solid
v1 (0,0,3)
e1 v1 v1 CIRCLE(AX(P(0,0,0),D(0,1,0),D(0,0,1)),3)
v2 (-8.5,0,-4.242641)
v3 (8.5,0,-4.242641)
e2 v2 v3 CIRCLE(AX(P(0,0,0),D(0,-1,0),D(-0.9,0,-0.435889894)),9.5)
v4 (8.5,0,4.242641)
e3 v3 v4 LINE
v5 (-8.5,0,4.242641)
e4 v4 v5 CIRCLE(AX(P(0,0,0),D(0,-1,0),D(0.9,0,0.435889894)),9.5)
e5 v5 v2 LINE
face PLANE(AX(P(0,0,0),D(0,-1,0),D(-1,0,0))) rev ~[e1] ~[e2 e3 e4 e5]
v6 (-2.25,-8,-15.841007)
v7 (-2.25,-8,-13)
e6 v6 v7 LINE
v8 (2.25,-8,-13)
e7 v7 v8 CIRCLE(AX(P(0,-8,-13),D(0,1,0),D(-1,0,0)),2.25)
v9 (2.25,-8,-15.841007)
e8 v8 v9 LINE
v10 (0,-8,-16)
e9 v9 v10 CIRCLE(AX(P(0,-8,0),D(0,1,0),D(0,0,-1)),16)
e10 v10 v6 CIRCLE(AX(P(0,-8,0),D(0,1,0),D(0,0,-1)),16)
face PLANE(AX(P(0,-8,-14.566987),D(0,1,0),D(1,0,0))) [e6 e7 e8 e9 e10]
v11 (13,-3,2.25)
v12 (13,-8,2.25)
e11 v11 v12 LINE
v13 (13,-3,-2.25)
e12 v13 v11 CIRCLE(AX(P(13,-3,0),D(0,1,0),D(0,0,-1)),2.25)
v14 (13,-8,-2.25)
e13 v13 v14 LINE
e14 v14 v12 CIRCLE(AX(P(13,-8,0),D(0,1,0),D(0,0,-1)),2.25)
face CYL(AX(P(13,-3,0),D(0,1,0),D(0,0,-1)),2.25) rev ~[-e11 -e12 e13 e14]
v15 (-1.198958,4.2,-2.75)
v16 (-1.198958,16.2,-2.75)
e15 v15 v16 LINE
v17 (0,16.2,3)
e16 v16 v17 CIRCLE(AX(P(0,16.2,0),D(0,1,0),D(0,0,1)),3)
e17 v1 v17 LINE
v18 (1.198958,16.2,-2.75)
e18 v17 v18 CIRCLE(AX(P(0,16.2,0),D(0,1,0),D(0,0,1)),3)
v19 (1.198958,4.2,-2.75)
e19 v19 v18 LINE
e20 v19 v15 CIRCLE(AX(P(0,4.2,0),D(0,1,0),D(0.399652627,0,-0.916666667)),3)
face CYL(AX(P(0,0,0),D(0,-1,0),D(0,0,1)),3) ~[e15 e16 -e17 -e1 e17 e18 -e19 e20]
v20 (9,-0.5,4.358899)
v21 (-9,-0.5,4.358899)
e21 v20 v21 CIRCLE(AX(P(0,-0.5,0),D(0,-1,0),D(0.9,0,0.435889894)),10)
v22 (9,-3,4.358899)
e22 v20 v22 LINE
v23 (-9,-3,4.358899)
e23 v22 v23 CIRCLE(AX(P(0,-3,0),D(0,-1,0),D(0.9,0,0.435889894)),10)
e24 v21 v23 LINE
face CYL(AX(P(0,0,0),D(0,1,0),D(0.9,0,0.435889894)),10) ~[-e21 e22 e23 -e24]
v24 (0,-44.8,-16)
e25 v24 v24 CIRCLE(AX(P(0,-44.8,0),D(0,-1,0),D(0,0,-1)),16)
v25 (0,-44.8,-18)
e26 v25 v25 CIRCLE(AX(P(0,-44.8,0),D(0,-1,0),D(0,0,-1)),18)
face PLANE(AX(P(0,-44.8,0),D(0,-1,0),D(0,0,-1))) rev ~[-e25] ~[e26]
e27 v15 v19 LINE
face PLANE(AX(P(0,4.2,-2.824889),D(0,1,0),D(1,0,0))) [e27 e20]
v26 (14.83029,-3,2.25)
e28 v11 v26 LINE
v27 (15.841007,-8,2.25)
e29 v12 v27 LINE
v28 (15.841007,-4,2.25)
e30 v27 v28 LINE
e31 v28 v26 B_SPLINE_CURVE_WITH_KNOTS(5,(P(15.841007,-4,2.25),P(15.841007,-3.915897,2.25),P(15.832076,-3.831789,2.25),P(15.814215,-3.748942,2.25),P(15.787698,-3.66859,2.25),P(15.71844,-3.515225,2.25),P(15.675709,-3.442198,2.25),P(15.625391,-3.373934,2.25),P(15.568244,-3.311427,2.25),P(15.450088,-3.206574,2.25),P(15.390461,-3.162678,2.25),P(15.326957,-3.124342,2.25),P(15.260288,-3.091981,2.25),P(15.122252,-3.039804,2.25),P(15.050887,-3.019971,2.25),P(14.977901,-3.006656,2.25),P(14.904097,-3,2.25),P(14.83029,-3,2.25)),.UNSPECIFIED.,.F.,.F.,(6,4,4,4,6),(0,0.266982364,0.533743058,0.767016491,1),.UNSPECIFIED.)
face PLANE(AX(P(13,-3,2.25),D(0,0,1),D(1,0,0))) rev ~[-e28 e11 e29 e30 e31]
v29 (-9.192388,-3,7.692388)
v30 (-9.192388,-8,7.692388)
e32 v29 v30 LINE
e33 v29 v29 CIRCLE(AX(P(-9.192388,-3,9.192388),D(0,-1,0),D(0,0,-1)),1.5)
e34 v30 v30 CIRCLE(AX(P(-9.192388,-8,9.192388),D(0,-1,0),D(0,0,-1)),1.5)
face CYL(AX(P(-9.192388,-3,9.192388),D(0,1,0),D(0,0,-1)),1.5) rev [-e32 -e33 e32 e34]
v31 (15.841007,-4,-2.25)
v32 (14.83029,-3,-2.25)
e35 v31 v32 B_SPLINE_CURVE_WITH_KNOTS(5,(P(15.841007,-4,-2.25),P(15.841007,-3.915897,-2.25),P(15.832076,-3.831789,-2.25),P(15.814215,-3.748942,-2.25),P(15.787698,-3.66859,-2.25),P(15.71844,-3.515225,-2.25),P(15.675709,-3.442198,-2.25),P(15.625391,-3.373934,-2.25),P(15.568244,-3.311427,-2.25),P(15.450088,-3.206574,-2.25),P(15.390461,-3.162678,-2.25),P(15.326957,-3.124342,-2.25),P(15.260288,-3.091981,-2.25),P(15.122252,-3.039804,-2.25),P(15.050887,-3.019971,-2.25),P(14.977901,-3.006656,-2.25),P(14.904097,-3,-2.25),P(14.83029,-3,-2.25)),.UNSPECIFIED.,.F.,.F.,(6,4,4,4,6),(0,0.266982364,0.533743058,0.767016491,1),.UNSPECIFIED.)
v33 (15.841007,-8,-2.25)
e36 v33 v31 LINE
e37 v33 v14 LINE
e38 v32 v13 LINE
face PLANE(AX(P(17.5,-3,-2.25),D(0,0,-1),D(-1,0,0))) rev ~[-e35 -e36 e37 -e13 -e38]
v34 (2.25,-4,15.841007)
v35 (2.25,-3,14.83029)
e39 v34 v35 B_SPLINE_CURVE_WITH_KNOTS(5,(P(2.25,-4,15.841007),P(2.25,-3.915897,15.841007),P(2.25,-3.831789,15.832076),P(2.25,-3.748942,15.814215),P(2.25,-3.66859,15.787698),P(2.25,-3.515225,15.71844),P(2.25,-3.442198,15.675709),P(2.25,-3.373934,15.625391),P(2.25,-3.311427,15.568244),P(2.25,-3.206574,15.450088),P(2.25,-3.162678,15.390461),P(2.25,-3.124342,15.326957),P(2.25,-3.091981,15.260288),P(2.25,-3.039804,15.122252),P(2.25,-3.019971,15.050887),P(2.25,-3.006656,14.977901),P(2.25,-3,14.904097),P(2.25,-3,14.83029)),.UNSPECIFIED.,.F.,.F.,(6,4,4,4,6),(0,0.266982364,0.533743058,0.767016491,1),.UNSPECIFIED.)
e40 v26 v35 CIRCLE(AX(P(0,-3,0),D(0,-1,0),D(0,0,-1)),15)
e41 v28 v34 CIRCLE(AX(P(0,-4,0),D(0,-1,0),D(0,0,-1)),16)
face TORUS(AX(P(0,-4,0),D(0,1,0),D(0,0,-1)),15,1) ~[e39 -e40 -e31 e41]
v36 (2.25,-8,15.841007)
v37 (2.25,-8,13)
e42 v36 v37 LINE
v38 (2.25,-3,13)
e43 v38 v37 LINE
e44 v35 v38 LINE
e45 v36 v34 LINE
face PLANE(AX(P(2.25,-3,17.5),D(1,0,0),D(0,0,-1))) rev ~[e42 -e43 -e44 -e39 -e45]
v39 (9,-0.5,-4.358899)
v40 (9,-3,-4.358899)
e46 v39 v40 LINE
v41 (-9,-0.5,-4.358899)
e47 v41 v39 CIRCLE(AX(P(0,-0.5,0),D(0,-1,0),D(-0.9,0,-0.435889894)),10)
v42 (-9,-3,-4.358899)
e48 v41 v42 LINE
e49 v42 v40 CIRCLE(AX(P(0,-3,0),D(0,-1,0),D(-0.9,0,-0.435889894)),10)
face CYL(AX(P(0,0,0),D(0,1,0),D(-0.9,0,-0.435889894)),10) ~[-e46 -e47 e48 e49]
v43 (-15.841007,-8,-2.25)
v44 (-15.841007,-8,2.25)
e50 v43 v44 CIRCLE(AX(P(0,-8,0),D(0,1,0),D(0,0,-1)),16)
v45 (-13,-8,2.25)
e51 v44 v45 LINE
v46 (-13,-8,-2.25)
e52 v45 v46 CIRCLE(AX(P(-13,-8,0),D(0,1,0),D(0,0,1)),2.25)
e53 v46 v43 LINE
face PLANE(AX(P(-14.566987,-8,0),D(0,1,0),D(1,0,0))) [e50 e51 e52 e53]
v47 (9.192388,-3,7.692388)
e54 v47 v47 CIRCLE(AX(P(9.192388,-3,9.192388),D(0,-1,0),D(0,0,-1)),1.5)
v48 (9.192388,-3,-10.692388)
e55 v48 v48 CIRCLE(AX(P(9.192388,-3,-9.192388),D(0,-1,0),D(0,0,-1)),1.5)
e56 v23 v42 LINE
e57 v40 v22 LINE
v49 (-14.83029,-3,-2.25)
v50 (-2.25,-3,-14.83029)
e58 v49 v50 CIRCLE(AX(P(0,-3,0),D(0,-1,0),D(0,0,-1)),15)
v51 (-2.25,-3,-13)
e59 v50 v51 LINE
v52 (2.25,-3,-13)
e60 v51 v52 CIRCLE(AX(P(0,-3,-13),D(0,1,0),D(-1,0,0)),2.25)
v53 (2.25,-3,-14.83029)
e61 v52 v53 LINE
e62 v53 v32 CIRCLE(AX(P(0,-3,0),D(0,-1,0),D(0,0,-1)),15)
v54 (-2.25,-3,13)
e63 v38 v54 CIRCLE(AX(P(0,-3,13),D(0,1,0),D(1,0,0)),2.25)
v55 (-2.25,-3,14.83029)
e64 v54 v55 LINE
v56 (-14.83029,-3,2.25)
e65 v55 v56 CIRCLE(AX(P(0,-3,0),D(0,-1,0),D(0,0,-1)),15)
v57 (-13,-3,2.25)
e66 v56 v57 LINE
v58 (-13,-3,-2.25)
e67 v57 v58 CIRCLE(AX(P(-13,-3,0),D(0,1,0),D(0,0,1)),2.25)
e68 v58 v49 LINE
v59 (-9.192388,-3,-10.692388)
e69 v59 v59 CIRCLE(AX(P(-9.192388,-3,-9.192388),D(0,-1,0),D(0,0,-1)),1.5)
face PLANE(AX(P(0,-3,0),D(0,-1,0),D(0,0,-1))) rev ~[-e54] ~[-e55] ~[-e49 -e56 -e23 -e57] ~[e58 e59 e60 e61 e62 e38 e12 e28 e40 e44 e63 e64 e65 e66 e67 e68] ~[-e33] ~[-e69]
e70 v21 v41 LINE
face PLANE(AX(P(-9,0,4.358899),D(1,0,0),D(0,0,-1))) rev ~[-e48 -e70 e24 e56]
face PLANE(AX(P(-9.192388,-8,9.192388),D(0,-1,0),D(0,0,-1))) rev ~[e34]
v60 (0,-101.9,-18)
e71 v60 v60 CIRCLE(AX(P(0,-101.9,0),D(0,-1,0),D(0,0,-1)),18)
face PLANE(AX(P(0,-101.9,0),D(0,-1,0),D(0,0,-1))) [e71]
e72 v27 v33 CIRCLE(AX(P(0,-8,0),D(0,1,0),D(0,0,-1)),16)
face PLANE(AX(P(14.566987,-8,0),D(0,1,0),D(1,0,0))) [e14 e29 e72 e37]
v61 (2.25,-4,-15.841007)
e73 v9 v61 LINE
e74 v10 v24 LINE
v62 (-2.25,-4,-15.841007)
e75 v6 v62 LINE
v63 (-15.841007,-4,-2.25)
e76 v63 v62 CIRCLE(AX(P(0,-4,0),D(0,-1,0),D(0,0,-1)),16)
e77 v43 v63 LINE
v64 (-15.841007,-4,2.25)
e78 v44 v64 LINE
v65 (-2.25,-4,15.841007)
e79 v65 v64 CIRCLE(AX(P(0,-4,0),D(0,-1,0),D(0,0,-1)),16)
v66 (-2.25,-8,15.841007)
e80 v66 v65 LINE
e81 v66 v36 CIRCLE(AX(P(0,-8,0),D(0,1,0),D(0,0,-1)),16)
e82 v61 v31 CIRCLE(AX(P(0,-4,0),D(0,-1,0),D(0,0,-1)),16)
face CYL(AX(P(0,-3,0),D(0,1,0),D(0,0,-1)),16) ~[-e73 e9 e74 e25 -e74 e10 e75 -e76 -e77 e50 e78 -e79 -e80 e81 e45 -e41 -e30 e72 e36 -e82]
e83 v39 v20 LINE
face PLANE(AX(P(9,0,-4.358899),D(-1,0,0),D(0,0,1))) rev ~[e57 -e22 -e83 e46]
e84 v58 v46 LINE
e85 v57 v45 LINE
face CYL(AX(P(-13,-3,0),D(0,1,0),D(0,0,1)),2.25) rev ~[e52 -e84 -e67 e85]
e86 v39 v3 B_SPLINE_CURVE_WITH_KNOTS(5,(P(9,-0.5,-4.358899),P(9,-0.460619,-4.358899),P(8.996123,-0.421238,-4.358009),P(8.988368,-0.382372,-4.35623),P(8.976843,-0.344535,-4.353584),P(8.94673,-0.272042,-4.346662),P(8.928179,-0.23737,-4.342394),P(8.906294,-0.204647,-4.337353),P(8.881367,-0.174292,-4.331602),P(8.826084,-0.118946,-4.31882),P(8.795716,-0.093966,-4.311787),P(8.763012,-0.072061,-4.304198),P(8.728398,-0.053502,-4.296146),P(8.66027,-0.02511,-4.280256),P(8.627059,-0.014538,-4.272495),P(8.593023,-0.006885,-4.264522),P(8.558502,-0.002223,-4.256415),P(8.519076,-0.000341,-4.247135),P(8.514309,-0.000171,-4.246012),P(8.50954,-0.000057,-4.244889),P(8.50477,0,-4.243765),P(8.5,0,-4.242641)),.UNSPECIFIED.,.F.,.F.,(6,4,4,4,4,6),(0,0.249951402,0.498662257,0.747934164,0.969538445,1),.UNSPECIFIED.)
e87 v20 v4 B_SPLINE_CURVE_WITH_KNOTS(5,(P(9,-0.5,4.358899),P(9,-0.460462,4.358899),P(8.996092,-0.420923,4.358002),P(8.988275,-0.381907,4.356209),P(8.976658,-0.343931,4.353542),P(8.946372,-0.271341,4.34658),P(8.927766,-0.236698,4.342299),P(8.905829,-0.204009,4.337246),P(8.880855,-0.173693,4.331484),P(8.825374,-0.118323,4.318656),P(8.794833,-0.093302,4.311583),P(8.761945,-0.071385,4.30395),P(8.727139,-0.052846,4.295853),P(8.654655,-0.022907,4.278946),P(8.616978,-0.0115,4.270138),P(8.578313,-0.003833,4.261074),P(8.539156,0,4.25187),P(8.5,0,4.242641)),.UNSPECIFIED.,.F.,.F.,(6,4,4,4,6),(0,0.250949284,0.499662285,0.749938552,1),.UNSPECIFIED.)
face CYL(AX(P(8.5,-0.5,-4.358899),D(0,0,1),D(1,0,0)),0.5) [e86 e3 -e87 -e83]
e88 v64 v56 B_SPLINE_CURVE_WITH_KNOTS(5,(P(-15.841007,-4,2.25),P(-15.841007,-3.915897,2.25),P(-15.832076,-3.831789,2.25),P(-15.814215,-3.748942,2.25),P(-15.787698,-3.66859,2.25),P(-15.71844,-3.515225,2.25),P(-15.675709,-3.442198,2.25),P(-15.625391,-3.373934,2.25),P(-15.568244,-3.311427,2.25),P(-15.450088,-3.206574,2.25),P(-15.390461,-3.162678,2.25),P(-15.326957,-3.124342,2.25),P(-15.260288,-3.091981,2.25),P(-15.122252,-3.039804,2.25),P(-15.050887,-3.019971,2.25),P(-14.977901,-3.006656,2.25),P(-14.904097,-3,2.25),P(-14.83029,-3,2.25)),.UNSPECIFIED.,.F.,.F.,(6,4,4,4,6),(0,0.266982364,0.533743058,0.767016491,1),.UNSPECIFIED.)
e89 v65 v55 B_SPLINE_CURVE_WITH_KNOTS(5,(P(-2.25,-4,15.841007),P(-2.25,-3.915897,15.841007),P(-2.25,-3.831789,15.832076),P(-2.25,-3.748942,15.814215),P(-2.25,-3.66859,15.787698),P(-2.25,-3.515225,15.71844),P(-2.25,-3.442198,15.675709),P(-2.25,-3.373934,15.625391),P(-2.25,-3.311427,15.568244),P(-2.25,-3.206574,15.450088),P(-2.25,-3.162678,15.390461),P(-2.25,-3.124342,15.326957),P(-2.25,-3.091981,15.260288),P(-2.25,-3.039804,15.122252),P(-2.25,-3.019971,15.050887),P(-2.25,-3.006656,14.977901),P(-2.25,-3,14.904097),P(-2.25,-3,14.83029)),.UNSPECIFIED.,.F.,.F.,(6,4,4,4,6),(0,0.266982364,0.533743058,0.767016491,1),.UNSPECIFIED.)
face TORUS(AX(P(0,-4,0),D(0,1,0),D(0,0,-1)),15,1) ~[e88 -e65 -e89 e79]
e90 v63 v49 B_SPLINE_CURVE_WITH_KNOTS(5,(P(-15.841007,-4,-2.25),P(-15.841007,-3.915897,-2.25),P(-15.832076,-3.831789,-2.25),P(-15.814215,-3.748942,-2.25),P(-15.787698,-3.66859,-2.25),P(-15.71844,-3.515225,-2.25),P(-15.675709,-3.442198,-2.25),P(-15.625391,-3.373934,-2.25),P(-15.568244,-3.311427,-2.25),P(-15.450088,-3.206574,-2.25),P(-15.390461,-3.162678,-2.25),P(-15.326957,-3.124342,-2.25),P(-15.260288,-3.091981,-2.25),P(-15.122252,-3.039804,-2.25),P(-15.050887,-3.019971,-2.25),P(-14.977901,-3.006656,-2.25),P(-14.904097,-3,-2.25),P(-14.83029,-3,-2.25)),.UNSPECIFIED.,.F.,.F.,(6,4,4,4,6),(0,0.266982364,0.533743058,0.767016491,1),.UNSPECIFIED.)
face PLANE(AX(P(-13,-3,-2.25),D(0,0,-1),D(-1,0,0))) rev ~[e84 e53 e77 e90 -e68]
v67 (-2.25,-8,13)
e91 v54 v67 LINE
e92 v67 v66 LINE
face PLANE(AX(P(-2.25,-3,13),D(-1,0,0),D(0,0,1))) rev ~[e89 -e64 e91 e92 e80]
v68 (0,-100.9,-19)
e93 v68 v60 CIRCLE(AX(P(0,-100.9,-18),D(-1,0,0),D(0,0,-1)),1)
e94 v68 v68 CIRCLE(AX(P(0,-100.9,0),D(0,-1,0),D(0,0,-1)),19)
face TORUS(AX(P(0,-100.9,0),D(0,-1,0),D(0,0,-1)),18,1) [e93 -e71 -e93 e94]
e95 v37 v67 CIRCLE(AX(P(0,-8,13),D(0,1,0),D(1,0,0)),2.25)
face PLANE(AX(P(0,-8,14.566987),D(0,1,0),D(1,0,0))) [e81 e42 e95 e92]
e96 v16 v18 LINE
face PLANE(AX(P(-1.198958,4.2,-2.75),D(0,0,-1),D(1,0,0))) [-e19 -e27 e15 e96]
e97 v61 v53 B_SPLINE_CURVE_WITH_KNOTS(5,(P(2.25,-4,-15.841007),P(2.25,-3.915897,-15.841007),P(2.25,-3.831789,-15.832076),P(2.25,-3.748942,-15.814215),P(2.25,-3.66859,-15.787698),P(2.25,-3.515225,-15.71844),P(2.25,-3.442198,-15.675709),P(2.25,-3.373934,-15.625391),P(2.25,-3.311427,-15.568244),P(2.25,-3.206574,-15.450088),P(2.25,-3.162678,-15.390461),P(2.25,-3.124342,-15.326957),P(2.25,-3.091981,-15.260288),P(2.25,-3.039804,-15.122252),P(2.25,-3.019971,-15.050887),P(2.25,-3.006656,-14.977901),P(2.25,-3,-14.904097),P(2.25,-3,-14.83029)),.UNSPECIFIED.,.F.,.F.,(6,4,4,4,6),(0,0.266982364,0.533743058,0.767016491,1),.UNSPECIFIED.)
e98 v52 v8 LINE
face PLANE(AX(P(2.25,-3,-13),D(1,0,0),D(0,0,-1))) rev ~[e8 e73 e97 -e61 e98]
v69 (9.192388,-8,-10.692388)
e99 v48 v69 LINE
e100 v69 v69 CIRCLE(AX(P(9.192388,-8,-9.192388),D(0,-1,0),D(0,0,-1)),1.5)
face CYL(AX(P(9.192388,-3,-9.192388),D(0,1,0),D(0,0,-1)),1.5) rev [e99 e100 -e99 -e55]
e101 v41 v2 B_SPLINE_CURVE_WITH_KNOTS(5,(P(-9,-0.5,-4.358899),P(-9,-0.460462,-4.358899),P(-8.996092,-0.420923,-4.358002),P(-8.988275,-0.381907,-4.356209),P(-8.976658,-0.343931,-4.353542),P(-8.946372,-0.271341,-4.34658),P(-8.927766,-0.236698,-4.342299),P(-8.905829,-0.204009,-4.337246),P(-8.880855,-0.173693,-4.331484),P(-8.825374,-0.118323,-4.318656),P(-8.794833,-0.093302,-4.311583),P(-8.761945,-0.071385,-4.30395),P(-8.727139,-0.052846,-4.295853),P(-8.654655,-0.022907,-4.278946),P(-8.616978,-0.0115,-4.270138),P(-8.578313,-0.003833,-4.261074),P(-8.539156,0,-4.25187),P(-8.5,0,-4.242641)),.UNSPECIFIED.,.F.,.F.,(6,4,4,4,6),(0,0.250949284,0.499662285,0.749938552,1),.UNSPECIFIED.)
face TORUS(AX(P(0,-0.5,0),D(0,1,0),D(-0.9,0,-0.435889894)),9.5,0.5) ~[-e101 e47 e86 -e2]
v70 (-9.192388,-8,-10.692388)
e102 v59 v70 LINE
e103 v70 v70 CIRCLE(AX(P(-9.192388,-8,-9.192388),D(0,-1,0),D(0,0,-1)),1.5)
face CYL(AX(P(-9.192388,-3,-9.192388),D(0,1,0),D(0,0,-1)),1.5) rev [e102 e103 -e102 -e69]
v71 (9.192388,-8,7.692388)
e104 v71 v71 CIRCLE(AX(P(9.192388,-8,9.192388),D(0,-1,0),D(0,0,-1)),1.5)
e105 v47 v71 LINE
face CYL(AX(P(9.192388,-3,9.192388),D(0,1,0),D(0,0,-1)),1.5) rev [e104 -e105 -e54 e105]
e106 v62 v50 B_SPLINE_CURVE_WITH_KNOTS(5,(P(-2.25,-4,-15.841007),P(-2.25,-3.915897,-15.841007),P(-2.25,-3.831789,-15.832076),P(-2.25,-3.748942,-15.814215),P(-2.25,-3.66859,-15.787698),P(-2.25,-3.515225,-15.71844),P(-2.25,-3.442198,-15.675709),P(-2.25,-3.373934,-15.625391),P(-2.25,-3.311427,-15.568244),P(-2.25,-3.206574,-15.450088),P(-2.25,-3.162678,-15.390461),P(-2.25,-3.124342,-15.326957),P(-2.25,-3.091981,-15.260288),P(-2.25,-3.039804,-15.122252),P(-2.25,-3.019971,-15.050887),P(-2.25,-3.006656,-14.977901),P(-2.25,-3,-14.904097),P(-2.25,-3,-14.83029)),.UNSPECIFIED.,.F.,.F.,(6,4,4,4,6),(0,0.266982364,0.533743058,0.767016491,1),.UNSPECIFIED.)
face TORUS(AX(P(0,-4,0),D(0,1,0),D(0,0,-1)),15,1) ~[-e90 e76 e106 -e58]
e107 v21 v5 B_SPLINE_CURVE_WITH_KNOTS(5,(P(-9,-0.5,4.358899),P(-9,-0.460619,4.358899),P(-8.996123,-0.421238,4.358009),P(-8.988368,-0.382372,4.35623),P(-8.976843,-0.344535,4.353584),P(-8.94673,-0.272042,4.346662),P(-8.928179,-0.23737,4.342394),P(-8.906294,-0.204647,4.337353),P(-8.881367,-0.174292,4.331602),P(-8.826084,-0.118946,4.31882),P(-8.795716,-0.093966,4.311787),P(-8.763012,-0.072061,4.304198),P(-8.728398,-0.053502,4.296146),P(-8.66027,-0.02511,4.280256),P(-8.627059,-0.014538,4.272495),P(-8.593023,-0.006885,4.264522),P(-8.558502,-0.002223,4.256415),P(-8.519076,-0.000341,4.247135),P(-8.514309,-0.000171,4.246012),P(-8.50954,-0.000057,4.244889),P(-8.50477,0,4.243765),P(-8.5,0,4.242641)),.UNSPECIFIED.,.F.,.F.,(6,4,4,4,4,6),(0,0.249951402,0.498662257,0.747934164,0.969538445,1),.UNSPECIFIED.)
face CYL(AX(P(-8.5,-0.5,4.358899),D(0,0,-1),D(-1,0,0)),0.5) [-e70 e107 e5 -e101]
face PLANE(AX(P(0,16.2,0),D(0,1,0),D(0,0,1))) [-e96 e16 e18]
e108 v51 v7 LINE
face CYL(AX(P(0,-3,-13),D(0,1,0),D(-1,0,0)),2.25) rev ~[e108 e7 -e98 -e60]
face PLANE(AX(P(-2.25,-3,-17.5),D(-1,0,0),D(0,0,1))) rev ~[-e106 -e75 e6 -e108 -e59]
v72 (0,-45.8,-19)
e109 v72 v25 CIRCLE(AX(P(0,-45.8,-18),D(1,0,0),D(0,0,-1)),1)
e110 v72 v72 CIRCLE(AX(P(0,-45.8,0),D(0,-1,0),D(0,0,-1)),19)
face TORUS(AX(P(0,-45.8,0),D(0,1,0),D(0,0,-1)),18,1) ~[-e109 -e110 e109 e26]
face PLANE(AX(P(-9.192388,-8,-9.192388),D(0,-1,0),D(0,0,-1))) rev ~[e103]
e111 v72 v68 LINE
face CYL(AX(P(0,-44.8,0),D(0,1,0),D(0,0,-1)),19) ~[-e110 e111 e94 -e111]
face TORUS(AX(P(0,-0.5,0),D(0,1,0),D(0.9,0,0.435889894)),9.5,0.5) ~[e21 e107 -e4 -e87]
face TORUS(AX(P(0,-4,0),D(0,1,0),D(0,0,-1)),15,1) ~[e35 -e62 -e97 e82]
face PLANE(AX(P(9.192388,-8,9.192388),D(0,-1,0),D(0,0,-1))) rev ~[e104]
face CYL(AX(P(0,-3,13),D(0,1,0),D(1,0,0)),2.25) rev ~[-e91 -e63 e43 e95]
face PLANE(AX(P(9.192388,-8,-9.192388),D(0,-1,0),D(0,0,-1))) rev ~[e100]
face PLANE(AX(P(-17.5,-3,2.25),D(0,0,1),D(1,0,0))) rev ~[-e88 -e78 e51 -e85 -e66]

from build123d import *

# Parameters (mm, degrees)
SKETCH3_R           = 3
BOSS_EXTRUDE2_DEPTH = 16.2
CUT_EXTRUDE1_START  = -12
CUT_EXTRUDE1_DEPTH  = 12
BOSS_EXTRUDE3_DEPTH = 3
SKETCH7_R           = 16
BOSS_EXTRUDE4_DEPTH = 41.8
SKETCH8_R           = 19
BOSS_EXTRUDE5_DEPTH = 57.1
FILLET1_R           = 1
FILLET2_R           = 0.5
SKETCH9_R           = 1.5
CUT_EXTRUDE2_DEPTH  = 5
FILLET3_R           = 1


with BuildPart() as part:
    # Sketch3 → Boss-Extrude2 (new body)
    with BuildSketch(Plane(origin=(0, 0, 0), x_dir=(1, 0, 0), z_dir=(0, 1, 0))):
        with Locations(Location((0, 0, 0), (0, 0, 270))):
            Circle(SKETCH3_R)
    extrude(amount=BOSS_EXTRUDE2_DEPTH)

    # Sketch4 → Cut-Extrude1 (cut)
    with BuildSketch(Plane(origin=(0, 16.2, 0), x_dir=(1, 0, 0), z_dir=(0, 1, 0)).offset(CUT_EXTRUDE1_START)):
        with BuildLine():
            Line((-1.198957881, 2.75), (1.198957881, 2.75))
            ThreePointArc((1.198957881, 2.75), (0, 3), (-1.198957881, 2.75))
        make_face()
    extrude(amount=CUT_EXTRUDE1_DEPTH, mode=Mode.SUBTRACT)

    # Sketch5 → Boss-Extrude3 (add)
    with BuildSketch(Plane(origin=(0, 0, 0), x_dir=(1, 0, 0), z_dir=(0, 1, 0))):
        with BuildLine():
            Line((-9, -4.358898944), (-9, 4.358898944))
            ThreePointArc((-9, 4.358898944), (0, 10), (9, 4.358898944))
            Line((9, 4.358898944), (9, -4.358898944))
            ThreePointArc((9, -4.358898944), (0, -10), (-9, -4.358898944))
        make_face()
    extrude(amount=-BOSS_EXTRUDE3_DEPTH)

    # Sketch7 → Boss-Extrude4 (add)
    with BuildSketch(Plane(origin=(0, -3, 0), x_dir=(-1, 0, 0), z_dir=(0, -1, 0))):
        with Locations(Location((0, 0, 0), (0, 0, 90))):
            Circle(SKETCH7_R)
    extrude(amount=BOSS_EXTRUDE4_DEPTH)

    # Sketch8 → Boss-Extrude5 (add)
    with BuildSketch(Plane(origin=(0, -44.8, 0), x_dir=(-1, 0, 0), z_dir=(0, -1, 0))):
        with Locations(Location((0, 0, 0), (0, 0, 90))):
            Circle(SKETCH8_R)
    extrude(amount=BOSS_EXTRUDE5_DEPTH)

    # Fillet1
    fillet1_edges = [part.edges().sort_by_distance(p)[0] for p in [
        (0, -3, 16),
        (0, -44.8, 19),
    ]]
    fillet(fillet1_edges, radius=FILLET1_R)

    # Fillet2
    fillet2_edges = [part.edges().sort_by_distance(p)[0] for p in [
        (0, 0, -10),
        (-9, 0, 0),
        (0, 0, 10),
        (9, 0, 0),
    ]]
    fillet(fillet2_edges, radius=FILLET2_R)

    # Sketch9 → Cut-Extrude2 (cut)
    with BuildSketch(Plane(origin=(0, -3, 0), x_dir=(-1, 0, 0), z_dir=(0, -1, 0))):
        with Locations(Location((9.192388155, -9.192388155, 0), (0, 0, 90))):
            Circle(SKETCH9_R)
        with Locations(Location((-9.192388155, -9.192388155, 0), (0, 0, 90))):
            Circle(SKETCH9_R)
        with Locations(Location((-9.192388155, 9.192388155, 0), (0, 0, 90))):
            Circle(SKETCH9_R)
        with Locations(Location((9.192388155, 9.192388155, 0), (0, 0, 90))):
            Circle(SKETCH9_R)
        with BuildLine():
            Line((-17.5, -2.25), (-17.5, 2.25))
            Line((-17.5, 2.25), (-13, 2.25))
            ThreePointArc((-13, 2.25), (-10.75, 0), (-13, -2.25))
            Line((-13, -2.25), (-17.5, -2.25))
        make_face()
        with BuildLine():
            Line((2.25, -17.5), (-2.25, -17.5))
            Line((-2.25, -17.5), (-2.25, -13))
            ThreePointArc((-2.25, -13), (0, -10.75), (2.25, -13))
            Line((2.25, -13), (2.25, -17.5))
        make_face()
        with BuildLine():
            Line((-2.25, 17.5), (2.25, 17.5))
            Line((2.25, 17.5), (2.25, 13))
            ThreePointArc((2.25, 13), (0, 10.75), (-2.25, 13))
            Line((-2.25, 13), (-2.25, 17.5))
        make_face()
        with BuildLine():
            Line((17.5, 2.25), (17.5, -2.25))
            Line((17.5, -2.25), (13, -2.25))
            ThreePointArc((13, -2.25), (10.75, 0), (13, 2.25))
            Line((13, 2.25), (17.5, 2.25))
        make_face()
    extrude(amount=CUT_EXTRUDE2_DEPTH, mode=Mode.SUBTRACT)

    # Fillet3
    fillet3_edges = [part.edges().sort_by_distance(p)[0] for p in [
        (0, -101.9, 19),
    ]]
    fillet(fillet3_edges, radius=FILLET3_R)


solid = part.part
